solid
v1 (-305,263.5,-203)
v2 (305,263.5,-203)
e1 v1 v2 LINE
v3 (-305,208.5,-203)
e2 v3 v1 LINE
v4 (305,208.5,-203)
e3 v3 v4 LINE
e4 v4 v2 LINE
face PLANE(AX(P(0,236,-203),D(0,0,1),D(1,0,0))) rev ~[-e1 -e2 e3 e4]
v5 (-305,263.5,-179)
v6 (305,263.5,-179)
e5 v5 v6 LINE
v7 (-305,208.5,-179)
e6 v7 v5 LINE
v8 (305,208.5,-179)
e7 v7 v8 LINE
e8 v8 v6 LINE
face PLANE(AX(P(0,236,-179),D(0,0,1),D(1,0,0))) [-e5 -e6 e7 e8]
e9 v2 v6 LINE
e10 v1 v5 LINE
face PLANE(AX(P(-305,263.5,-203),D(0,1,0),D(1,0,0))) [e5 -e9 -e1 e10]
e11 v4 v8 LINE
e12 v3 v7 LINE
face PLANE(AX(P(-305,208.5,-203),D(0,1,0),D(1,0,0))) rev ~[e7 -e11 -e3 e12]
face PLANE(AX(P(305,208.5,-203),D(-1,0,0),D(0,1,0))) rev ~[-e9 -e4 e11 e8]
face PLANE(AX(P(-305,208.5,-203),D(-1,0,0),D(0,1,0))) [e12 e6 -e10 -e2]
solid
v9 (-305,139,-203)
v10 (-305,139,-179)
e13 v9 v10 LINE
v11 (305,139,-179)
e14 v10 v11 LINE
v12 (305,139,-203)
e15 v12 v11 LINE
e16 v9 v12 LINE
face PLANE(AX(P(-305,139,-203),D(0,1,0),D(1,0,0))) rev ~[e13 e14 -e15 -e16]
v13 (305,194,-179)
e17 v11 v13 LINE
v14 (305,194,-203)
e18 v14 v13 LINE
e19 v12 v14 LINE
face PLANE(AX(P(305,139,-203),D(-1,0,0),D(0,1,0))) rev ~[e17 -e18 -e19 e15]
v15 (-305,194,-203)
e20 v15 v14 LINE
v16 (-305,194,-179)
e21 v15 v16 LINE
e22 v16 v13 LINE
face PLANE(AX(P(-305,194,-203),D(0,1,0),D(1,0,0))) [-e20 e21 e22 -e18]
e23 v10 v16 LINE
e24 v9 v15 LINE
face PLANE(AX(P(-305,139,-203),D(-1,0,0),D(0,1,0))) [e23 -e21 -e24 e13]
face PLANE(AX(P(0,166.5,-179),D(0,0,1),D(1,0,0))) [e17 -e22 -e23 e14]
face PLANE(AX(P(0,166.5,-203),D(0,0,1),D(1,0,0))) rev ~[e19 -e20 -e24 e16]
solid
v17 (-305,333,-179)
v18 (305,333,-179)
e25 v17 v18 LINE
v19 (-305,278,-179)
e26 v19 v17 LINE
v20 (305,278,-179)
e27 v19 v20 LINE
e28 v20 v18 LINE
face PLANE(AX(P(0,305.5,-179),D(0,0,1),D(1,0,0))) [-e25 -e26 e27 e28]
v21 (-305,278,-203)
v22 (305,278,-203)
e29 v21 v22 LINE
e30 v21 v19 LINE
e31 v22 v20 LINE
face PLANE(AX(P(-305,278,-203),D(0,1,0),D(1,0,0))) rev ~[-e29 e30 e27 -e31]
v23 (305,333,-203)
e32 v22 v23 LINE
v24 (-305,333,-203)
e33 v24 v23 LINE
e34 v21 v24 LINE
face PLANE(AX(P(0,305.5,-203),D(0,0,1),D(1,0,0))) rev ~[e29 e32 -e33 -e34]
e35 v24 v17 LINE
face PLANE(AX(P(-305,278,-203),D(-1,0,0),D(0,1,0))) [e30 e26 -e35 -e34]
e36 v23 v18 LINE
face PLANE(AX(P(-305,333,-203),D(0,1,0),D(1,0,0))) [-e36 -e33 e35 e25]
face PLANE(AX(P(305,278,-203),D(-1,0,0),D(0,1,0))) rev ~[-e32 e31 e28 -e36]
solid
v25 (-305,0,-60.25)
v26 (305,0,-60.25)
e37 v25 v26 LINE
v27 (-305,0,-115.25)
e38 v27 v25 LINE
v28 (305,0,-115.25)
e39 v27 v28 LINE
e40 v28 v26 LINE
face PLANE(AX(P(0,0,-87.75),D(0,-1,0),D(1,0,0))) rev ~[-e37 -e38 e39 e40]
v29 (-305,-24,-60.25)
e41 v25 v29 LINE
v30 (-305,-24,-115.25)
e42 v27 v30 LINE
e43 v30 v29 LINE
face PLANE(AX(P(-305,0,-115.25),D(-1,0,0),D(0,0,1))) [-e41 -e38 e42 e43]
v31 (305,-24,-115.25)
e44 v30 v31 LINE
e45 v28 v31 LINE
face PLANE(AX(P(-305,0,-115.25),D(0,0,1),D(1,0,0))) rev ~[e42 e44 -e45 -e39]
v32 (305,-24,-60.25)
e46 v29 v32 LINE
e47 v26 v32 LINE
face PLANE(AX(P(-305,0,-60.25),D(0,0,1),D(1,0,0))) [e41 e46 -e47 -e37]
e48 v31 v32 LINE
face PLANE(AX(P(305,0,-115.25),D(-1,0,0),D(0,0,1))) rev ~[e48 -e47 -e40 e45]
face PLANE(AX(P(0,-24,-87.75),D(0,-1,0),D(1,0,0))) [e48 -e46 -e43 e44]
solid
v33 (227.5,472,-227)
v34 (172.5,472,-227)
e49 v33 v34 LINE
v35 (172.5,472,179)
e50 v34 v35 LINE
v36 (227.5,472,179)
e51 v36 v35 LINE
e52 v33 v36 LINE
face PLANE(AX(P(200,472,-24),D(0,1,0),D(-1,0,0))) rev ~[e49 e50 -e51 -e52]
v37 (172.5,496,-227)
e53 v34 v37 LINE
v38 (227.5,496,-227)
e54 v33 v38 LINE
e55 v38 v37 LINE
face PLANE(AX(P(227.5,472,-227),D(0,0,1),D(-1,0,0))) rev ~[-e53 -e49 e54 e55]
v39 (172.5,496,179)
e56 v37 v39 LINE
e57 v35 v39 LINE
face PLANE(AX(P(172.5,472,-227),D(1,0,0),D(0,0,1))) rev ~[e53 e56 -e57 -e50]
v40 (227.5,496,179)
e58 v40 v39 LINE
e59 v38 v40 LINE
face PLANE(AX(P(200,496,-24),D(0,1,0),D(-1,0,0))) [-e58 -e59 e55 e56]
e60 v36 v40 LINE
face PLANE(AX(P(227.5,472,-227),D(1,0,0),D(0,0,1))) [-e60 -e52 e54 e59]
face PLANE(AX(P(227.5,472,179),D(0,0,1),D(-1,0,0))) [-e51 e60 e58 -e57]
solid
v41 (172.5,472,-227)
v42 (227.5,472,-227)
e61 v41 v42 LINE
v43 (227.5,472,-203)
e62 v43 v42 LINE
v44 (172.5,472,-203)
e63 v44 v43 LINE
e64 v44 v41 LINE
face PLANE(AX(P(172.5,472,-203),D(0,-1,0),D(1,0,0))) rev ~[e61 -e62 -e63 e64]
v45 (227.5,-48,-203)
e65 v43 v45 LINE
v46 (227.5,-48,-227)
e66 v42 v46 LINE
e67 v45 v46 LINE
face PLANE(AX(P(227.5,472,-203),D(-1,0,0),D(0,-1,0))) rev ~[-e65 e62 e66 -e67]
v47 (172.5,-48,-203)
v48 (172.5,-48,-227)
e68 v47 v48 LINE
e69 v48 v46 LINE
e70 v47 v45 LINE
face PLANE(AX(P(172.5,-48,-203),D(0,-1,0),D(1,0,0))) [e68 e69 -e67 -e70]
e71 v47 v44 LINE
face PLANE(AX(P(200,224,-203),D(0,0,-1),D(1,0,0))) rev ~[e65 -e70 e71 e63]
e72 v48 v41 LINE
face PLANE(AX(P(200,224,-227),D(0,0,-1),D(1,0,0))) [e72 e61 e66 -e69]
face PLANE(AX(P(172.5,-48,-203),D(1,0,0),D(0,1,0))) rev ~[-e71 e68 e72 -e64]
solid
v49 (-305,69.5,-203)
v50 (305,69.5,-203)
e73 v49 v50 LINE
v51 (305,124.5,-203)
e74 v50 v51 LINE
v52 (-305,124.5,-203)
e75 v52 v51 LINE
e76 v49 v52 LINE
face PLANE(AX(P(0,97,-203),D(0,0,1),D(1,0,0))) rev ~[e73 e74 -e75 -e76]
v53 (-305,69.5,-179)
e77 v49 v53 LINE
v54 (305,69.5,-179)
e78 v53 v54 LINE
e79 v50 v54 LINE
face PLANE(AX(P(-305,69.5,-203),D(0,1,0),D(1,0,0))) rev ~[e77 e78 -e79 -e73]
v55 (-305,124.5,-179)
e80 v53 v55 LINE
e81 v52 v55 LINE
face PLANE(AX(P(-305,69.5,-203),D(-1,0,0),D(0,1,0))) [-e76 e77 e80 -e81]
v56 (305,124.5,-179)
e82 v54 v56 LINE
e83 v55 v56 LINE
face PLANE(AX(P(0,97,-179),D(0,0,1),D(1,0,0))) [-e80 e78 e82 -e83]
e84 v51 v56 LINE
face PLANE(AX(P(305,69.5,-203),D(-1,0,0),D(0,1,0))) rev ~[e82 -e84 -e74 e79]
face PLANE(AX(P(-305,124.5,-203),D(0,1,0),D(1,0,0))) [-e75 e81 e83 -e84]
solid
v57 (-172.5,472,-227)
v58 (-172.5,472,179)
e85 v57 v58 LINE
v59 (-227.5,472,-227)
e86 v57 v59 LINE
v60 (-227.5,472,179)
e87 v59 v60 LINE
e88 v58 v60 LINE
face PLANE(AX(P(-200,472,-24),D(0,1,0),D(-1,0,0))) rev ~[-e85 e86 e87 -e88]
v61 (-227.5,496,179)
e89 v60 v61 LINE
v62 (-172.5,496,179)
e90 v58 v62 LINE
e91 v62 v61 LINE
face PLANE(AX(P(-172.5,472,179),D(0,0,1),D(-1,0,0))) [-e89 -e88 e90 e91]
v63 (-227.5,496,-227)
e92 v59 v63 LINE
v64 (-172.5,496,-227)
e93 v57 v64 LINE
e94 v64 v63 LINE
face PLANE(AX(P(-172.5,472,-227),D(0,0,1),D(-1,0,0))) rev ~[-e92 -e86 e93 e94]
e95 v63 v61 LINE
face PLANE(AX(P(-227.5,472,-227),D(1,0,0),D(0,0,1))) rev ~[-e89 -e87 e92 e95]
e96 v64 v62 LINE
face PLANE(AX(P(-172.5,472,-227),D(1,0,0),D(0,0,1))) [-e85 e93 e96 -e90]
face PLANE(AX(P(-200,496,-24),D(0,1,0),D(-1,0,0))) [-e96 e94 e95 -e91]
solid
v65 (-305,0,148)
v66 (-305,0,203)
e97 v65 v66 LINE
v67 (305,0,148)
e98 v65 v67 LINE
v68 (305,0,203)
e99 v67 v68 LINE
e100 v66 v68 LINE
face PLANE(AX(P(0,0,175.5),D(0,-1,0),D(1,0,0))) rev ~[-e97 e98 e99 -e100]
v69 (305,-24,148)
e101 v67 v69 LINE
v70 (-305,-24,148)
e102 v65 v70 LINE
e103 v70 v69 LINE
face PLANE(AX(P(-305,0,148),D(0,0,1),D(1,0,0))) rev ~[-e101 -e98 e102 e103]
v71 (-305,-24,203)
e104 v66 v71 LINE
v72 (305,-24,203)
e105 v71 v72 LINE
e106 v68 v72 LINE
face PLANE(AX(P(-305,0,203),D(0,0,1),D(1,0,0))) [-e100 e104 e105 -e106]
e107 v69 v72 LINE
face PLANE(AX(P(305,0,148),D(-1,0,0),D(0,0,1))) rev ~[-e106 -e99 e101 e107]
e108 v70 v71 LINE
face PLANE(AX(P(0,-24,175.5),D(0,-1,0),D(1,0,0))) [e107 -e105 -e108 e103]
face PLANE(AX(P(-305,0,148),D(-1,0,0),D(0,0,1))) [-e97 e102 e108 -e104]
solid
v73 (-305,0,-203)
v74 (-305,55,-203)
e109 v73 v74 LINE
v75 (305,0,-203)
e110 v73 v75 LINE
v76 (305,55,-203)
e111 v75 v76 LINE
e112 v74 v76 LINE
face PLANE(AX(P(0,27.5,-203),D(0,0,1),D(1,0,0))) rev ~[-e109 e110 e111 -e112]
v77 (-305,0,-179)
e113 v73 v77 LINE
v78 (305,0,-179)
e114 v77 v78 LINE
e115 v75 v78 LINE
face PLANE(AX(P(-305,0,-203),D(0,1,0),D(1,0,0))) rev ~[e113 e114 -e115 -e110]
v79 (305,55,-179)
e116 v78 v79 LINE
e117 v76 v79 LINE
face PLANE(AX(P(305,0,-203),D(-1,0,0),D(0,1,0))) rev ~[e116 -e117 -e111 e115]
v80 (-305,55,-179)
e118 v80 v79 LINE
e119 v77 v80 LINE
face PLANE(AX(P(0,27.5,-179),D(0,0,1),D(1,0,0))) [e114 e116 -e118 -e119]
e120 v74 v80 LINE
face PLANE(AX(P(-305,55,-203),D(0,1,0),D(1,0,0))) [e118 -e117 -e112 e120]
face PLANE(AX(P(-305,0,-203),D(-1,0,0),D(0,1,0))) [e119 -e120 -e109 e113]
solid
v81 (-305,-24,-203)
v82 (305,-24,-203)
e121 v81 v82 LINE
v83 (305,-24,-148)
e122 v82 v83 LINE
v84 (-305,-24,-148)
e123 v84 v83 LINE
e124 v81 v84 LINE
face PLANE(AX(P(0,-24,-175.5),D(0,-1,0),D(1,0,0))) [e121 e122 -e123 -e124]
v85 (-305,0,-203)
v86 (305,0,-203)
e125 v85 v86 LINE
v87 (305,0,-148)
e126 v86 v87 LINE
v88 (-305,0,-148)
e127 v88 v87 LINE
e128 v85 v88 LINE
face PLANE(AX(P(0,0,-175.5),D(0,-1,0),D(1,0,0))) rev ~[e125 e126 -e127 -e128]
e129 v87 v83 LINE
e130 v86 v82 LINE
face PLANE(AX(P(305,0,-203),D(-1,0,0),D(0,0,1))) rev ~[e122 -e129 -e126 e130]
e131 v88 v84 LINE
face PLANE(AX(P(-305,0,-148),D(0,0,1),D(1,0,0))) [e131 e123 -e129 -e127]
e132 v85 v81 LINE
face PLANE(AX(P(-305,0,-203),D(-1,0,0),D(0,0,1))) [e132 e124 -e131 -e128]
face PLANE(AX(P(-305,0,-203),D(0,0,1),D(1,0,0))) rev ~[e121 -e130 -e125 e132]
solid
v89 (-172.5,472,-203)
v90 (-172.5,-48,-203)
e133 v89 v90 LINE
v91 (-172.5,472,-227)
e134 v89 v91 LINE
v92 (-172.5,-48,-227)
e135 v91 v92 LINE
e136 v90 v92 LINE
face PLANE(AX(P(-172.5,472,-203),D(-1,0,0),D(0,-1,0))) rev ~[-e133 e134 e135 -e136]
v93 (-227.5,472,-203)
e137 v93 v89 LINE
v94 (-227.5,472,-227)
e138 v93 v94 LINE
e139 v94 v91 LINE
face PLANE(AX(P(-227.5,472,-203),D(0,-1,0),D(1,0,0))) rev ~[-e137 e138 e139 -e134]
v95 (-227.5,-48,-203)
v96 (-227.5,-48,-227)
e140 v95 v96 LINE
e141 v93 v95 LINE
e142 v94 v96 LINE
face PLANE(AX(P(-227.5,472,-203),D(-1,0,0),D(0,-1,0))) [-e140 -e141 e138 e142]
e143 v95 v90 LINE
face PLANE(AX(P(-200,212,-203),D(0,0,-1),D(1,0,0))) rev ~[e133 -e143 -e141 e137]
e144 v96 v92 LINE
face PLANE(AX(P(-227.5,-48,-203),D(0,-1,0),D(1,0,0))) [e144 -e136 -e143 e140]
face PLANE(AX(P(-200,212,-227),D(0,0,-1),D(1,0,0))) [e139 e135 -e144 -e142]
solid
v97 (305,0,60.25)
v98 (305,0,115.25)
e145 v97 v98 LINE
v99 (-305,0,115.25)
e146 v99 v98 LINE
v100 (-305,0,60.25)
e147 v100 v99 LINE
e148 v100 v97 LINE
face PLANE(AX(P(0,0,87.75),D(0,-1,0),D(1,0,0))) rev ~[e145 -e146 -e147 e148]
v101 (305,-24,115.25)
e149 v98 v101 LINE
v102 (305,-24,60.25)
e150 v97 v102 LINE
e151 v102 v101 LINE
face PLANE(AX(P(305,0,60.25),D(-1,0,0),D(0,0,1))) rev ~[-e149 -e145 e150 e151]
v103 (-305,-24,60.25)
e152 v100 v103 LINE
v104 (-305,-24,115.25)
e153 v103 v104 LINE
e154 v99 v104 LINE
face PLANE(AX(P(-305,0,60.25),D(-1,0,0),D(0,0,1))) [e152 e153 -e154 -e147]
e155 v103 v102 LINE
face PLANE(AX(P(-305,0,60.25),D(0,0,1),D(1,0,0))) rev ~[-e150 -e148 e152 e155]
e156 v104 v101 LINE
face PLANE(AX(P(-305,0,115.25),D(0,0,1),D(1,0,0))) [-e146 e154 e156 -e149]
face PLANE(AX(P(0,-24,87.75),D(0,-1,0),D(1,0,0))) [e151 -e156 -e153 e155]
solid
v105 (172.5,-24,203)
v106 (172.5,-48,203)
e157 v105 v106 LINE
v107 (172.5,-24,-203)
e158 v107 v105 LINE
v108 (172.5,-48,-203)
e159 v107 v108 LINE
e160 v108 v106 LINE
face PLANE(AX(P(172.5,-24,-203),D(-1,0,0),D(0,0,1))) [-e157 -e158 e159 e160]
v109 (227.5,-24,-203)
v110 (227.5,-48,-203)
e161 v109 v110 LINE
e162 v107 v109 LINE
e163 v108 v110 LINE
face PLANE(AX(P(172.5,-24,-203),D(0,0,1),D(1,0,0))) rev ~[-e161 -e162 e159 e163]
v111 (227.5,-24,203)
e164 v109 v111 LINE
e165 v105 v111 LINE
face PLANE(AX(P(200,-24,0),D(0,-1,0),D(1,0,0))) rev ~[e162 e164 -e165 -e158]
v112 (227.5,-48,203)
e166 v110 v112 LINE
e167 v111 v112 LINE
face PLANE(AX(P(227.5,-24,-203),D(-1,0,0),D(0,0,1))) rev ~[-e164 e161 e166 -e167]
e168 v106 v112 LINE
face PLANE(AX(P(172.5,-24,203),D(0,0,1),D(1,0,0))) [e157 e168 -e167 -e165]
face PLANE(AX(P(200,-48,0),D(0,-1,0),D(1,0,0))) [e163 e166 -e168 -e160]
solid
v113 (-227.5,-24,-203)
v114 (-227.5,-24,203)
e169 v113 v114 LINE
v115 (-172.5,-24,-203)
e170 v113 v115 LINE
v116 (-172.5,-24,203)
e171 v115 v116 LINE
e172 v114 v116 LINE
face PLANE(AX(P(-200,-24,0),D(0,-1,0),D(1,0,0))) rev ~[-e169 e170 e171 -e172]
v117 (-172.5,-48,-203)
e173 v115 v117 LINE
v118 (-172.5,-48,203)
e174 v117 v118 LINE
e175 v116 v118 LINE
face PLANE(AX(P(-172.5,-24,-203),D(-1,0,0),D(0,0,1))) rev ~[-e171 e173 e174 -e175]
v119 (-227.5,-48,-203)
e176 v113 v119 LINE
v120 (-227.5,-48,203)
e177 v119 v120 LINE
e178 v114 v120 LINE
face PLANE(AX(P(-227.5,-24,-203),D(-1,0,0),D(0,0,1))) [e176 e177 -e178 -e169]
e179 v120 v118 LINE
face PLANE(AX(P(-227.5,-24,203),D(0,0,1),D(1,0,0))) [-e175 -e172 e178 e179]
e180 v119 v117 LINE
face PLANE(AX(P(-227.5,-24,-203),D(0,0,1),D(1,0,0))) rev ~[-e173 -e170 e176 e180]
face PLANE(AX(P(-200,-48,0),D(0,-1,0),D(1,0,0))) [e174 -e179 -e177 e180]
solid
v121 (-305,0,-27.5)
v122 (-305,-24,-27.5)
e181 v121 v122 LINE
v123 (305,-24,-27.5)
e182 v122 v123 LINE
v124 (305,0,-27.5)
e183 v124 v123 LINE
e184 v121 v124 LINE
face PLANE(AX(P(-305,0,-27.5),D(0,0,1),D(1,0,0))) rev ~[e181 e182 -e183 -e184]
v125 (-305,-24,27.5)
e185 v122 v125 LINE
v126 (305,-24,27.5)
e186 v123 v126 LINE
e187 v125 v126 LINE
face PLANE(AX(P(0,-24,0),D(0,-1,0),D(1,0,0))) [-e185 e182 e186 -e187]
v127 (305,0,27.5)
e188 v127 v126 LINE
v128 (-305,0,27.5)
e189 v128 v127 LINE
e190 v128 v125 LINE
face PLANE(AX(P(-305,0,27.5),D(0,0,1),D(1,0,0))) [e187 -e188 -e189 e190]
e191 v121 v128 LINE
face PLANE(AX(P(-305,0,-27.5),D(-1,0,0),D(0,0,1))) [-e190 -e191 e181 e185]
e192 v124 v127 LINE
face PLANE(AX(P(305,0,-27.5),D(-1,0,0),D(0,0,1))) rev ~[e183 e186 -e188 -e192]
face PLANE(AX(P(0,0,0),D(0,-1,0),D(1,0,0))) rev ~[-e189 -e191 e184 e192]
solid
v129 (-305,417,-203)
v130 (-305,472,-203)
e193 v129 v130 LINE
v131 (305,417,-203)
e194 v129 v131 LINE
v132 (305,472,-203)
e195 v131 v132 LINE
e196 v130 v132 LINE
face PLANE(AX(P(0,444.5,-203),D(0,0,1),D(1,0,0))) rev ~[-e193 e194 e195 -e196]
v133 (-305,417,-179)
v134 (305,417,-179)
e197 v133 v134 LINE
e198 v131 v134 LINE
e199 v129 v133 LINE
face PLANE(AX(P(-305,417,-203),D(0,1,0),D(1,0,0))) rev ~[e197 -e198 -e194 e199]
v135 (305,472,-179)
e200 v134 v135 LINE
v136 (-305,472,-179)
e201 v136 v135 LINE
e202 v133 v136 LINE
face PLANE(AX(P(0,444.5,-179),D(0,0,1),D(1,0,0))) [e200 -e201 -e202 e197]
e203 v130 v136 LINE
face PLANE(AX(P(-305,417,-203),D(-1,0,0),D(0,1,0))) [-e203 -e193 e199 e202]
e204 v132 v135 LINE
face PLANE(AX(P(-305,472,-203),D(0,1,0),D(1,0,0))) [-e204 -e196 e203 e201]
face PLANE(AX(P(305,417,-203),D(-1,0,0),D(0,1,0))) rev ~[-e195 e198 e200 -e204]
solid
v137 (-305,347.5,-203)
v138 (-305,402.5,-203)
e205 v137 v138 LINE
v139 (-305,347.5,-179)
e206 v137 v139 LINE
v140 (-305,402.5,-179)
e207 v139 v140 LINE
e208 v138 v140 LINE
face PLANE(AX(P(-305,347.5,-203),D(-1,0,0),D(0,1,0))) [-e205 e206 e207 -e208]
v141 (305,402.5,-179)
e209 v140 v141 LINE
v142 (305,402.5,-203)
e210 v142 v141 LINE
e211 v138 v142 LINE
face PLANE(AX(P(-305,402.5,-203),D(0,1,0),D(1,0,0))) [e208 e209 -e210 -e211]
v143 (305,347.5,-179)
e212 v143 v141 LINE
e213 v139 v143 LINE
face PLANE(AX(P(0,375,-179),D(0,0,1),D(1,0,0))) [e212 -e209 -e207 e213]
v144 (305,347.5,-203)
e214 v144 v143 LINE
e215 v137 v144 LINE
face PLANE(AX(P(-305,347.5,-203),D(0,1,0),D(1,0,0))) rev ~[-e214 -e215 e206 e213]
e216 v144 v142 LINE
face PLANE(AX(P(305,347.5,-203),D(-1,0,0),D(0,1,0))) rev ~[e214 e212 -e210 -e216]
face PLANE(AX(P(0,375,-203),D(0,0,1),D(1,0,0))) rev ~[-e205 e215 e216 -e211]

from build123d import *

# Parameters (mm, degrees)
F2_W      = 610
F2_H      = 55
F3_DEPTH  = 24
F4_W      = 55
F4_H      = 406
F5_DEPTH  = 24
F6_W      = 55
F6_H      = 496
F6_H_2    = 24
F7_DEPTH  = 24
F6_H_3    = 520
F8_W      = 55
F8_H      = 406
F9_DEPTH  = 24
F10_W     = 610
F10_H     = 55
F11_DEPTH = 24


with BuildPart() as f3:
    # F2 (on Front) → F3 (new body)
    with BuildSketch(Plane.XZ):
        with Locations((0, 175.5)):
            Rectangle(F2_W, F2_H)
    extrude(amount=F3_DEPTH)


with BuildPart() as f3b:
    # F2 (on Front) → F3, piece 2 (new body)
    with BuildSketch(Plane.XZ):
        with Locations((0, 87.75)):
            Rectangle(F2_W, F2_H)
    extrude(amount=F3_DEPTH)


with BuildPart() as f3c:
    # F2 (on Front) → F3, piece 3 (new body)
    with BuildSketch(Plane.XZ):
        Rectangle(F2_W, F2_H)
    extrude(amount=F3_DEPTH)


with BuildPart() as f3d:
    # F2 (on Front) → F3, piece 4 (new body)
    with BuildSketch(Plane.XZ):
        with Locations((0, -175.5)):
            Rectangle(F2_W, F2_H)
    extrude(amount=F3_DEPTH)


with BuildPart() as f3e:
    # F2 (on Front) → F3, piece 5 (new body)
    with BuildSketch(Plane.XZ):
        with Locations((0, -87.75)):
            Rectangle(F2_W, F2_H)
    extrude(amount=F3_DEPTH)


with BuildPart() as f5:
    # F4 (on face) → F5 (new body)
    with BuildSketch(Plane.XZ.offset(24)):
        with Locations((-200, 0)):
            Rectangle(F4_W, F4_H)
    extrude(amount=F5_DEPTH)


with BuildPart() as f5b:
    # F4 (on face) → F5, piece 2 (new body)
    with BuildSketch(Plane.XZ.offset(24)):
        with Locations((200, 0)):
            Rectangle(F4_W, F4_H)
    extrude(amount=F5_DEPTH)


with BuildPart() as f7:
    # F6 (on face) → F7 (new body)
    with BuildSketch(Plane(origin=(0, 0, -203), x_dir=(1, 0, 0), z_dir=(0, 0, -1))):
        with Locations((200, -224)):
            Rectangle(F6_W, F6_H)
        with Locations((200, 36)):
            Rectangle(F6_W, F6_H_2)
    extrude(amount=F7_DEPTH)


with BuildPart() as f7b:
    # F6 (on face) → F7, piece 2 (new body)
    with BuildSketch(Plane(origin=(0, 0, -203), x_dir=(1, 0, 0), z_dir=(0, 0, -1))):
        with Locations((-200, -212)):
            Rectangle(F6_W, F6_H_3)
    extrude(amount=F7_DEPTH)


with BuildPart() as f9:
    # F8 (on face) → F9 (new body)
    with BuildSketch(Plane(origin=(0, 472, 0), x_dir=(-1, 0, 0), z_dir=(0, 1, 0))):
        with Locations((-200, -24)):
            Rectangle(F8_W, F8_H)
    extrude(amount=F9_DEPTH)


with BuildPart() as f9b:
    # F8 (on face) → F9, piece 2 (new body)
    with BuildSketch(Plane(origin=(0, 472, 0), x_dir=(-1, 0, 0), z_dir=(0, 1, 0))):
        with Locations((200, -24)):
            Rectangle(F8_W, F8_H)
    extrude(amount=F9_DEPTH)


with BuildPart() as f11:
    # F10 (on face) → F11 (new body)
    with BuildSketch(Plane.XY.offset(-203)):
        with Locations((0, 27.5)):
            Rectangle(F10_W, F10_H)
    extrude(amount=F11_DEPTH)


with BuildPart() as f11b:
    # F10 (on face) → F11, piece 2 (new body)
    with BuildSketch(Plane.XY.offset(-203)):
        with Locations((0, 97)):
            Rectangle(F10_W, F10_H)
    extrude(amount=F11_DEPTH)


with BuildPart() as f11c:
    # F10 (on face) → F11, piece 3 (new body)
    with BuildSketch(Plane.XY.offset(-203)):
        with Locations((0, 166.5)):
            Rectangle(F10_W, F10_H)
    extrude(amount=F11_DEPTH)


with BuildPart() as f11d:
    # F10 (on face) → F11, piece 4 (new body)
    with BuildSketch(Plane.XY.offset(-203)):
        with Locations((0, 236)):
            Rectangle(F10_W, F10_H)
    extrude(amount=F11_DEPTH)


with BuildPart() as f11e:
    # F10 (on face) → F11, piece 5 (new body)
    with BuildSketch(Plane.XY.offset(-203)):
        with Locations((0, 305.5)):
            Rectangle(F10_W, F10_H)
    extrude(amount=F11_DEPTH)


with BuildPart() as f11f:
    # F10 (on face) → F11, piece 6 (new body)
    with BuildSketch(Plane.XY.offset(-203)):
        with Locations((0, 375)):
            Rectangle(F10_W, F10_H)
    extrude(amount=F11_DEPTH)


with BuildPart() as f11g:
    # F10 (on face) → F11, piece 7 (new body)
    with BuildSketch(Plane.XY.offset(-203)):
        with Locations((0, 444.5)):
            Rectangle(F10_W, F10_H)
    extrude(amount=F11_DEPTH)


solid = Compound([f3.part, f3b.part, f3c.part, f3d.part, f3e.part, f5.part, f5b.part, f7.part, f7b.part, f9.part, f9b.part, f11.part, f11b.part, f11c.part, f11d.part, f11e.part, f11f.part, f11g.part])
